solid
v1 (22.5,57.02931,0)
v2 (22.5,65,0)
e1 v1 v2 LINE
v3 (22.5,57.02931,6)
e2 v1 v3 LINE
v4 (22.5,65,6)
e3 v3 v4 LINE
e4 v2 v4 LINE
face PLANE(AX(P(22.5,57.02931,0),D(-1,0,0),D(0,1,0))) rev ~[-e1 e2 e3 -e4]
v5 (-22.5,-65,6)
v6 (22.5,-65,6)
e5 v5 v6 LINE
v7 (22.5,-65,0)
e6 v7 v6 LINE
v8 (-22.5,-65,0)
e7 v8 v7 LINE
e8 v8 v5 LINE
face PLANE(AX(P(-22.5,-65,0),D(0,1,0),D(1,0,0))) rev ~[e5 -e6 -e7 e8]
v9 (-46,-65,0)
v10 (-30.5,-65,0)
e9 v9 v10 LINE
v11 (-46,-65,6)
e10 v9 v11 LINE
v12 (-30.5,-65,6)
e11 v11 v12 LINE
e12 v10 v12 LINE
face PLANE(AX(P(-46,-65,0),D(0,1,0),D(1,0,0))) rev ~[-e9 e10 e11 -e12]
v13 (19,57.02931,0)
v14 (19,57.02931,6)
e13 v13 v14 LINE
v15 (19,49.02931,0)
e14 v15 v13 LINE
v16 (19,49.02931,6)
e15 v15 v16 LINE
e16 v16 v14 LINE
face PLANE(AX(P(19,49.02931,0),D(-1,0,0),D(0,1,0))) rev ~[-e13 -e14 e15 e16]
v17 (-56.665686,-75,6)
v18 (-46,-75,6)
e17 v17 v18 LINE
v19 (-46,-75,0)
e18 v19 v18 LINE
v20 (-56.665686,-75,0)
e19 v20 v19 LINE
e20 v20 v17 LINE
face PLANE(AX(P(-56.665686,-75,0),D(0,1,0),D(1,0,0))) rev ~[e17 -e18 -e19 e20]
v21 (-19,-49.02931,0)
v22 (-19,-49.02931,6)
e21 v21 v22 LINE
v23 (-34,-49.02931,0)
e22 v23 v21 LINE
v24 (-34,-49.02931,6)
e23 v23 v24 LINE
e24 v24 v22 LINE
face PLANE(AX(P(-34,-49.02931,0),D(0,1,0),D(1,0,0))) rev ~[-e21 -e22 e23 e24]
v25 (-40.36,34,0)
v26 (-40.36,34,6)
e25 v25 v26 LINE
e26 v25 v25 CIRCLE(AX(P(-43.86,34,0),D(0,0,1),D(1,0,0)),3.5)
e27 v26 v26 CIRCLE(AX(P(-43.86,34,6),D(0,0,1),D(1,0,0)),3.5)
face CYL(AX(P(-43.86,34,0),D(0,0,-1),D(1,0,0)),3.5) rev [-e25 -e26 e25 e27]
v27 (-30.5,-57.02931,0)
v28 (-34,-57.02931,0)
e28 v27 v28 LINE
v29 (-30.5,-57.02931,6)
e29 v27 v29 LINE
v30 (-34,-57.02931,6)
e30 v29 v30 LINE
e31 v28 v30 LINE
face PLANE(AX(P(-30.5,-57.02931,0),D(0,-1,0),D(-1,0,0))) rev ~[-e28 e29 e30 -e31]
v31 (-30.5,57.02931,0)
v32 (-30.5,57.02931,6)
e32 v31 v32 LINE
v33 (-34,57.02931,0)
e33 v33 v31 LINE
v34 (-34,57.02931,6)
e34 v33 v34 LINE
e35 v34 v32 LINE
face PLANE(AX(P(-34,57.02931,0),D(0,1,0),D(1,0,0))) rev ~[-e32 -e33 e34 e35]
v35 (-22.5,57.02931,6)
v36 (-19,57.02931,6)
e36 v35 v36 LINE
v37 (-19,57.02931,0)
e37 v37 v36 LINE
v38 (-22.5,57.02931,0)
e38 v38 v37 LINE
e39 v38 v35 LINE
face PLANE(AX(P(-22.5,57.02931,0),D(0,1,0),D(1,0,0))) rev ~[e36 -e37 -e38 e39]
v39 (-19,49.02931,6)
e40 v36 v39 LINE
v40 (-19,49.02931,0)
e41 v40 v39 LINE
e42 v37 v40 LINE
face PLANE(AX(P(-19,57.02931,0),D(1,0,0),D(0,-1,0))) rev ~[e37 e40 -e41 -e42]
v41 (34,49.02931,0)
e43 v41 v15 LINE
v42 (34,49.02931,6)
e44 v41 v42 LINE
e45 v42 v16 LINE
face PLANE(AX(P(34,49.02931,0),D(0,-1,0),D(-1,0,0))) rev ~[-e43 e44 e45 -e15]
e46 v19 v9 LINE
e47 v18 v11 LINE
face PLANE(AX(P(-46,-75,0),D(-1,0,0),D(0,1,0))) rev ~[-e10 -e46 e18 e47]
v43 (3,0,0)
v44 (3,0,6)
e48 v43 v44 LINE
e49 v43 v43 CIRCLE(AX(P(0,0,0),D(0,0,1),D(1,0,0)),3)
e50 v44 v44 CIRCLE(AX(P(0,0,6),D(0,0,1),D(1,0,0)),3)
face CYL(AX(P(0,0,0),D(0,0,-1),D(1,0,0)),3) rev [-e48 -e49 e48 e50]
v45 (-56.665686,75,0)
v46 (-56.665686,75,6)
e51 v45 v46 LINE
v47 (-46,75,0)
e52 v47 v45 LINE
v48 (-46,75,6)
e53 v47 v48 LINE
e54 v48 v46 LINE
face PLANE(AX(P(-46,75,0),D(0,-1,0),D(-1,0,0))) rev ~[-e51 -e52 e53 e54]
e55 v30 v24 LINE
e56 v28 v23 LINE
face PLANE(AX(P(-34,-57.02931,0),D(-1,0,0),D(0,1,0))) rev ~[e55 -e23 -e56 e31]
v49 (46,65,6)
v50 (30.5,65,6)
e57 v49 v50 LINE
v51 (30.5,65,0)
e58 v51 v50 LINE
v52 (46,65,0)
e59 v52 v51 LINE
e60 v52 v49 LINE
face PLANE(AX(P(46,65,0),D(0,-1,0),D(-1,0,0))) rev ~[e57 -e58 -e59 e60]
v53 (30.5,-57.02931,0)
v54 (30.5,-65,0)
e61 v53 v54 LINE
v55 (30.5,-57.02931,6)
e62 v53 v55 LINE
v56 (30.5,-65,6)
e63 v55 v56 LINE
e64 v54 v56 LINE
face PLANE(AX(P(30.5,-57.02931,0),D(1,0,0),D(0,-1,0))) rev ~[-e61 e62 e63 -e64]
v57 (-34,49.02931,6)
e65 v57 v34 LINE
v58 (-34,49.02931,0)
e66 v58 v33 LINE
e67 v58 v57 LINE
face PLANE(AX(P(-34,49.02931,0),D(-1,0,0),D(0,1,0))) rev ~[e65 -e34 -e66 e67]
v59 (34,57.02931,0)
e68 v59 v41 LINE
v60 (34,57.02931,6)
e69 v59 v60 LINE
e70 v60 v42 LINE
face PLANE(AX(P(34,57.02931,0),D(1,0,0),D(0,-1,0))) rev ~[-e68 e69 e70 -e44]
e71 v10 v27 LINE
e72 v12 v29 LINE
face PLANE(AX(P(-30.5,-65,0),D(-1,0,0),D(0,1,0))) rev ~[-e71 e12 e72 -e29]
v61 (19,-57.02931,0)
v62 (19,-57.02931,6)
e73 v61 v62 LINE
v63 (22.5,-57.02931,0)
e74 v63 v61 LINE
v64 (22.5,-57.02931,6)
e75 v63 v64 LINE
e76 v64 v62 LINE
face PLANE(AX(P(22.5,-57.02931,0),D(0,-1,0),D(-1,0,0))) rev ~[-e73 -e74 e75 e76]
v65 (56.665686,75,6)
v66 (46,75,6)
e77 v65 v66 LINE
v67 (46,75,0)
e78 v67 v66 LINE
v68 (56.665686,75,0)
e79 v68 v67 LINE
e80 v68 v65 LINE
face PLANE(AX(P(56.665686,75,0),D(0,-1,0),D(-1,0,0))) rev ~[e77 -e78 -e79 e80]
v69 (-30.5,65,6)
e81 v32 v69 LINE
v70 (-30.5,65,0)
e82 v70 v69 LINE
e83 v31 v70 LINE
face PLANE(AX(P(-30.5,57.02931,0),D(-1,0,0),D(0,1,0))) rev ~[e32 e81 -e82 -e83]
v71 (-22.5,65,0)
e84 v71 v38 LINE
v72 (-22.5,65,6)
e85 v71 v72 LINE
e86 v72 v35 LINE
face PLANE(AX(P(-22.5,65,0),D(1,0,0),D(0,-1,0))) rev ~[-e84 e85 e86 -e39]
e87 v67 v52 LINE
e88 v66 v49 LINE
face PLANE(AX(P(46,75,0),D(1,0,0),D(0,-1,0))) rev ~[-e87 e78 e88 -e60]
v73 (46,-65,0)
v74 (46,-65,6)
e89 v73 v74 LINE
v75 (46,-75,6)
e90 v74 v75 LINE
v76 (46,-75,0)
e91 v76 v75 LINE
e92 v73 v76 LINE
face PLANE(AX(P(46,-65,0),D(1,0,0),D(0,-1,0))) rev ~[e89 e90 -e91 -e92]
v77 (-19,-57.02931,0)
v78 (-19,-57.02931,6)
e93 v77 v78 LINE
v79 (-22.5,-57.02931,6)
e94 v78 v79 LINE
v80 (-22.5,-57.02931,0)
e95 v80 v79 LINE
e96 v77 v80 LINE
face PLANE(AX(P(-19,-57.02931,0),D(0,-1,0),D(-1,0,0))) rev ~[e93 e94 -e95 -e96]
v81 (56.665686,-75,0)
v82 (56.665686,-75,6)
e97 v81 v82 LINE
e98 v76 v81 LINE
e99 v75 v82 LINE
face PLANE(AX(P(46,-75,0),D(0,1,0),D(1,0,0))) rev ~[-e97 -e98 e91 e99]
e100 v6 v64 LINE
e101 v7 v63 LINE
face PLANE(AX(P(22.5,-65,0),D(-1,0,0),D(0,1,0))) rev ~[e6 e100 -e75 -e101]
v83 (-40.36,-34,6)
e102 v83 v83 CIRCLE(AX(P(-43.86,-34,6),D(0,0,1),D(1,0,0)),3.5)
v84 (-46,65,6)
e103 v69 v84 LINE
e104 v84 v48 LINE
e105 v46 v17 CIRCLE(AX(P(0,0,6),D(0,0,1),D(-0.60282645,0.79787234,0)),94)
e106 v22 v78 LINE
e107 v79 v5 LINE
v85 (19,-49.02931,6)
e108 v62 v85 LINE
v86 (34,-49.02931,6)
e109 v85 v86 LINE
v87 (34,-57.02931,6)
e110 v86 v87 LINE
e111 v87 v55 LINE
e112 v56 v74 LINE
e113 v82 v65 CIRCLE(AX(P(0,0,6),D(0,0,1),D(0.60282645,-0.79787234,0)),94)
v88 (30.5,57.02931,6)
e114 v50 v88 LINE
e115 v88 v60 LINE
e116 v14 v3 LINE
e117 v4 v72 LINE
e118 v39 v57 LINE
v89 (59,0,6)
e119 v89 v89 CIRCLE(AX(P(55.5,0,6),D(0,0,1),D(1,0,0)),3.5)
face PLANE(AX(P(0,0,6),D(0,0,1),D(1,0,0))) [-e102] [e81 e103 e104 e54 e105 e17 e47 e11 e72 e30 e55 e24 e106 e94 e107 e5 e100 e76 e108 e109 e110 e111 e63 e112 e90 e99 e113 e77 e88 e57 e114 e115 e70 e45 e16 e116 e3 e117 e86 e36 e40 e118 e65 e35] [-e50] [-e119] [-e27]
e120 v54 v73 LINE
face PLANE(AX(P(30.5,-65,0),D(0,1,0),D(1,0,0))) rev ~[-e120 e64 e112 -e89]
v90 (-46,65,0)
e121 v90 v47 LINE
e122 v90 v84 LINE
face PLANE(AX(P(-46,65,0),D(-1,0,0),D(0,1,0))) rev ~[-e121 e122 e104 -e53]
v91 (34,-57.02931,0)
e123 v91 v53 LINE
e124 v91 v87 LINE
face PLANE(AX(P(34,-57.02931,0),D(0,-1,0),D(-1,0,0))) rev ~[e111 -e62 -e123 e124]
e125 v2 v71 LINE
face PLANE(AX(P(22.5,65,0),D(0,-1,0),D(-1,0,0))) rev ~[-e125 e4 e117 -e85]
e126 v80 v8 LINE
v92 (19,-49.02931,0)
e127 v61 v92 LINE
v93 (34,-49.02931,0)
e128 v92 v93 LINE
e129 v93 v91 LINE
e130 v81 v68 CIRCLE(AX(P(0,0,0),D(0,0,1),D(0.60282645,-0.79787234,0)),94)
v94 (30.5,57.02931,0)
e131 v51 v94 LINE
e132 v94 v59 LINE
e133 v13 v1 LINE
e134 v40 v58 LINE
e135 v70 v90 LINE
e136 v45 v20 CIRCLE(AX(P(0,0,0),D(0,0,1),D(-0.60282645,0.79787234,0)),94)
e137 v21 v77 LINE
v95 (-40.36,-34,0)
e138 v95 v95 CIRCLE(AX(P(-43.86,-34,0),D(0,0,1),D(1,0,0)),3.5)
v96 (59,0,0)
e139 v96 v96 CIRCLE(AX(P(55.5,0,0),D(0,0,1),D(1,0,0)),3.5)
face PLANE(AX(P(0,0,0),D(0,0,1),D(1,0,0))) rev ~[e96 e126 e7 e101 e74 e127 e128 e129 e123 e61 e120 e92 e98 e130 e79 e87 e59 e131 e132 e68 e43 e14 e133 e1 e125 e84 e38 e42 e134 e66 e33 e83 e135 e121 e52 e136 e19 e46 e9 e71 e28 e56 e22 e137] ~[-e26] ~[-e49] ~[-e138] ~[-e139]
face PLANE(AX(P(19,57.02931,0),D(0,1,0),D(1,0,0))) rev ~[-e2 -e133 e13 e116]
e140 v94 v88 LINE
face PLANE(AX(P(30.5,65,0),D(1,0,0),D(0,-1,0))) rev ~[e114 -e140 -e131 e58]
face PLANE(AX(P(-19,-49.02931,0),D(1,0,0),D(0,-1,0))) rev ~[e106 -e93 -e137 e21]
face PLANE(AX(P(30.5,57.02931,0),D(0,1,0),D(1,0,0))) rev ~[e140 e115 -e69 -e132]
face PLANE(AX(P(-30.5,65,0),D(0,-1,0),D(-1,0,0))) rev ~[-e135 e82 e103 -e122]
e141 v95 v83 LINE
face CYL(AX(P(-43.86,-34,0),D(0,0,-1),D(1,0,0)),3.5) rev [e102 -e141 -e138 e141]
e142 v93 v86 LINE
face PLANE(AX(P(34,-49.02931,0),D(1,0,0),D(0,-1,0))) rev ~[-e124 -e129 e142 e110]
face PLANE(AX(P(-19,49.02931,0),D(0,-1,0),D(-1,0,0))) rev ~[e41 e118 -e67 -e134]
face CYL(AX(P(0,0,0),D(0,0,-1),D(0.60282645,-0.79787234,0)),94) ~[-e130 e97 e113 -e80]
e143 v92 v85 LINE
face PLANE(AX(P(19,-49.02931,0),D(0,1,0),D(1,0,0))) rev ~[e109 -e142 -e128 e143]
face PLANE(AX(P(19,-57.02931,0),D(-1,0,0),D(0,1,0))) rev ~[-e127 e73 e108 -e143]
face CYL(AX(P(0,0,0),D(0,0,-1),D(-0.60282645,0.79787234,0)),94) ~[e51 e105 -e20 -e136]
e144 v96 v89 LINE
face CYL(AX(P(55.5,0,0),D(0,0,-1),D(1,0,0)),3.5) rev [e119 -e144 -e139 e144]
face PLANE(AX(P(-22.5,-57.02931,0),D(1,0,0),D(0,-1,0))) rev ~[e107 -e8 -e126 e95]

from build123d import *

# Parameters (mm, degrees)
SKETCH8_R           = 3.5
SKETCH8_R_2         = 3
BOSS_EXTRUDE3_DEPTH = 6


with BuildPart() as part:
    # Sketch8 → Boss-Extrude3 (new body)
    with BuildSketch(Plane.XY):
        with BuildLine():
            Line((-56.665686266, -75), (-46, -75))
            Line((-46, -75), (-46, -65))
            Line((-46, -65), (-30.5, -65))
            Line((-30.5, -65), (-30.5, -57.029309822))
            Line((-30.5, -57.029309822), (-34, -57.029309822))
            Line((-34, -57.029309822), (-34, -49.029309822))
            Line((-34, -49.029309822), (-19, -49.029309822))
            Line((-19, -49.029309822), (-19, -57.029309822))
            Line((-19, -57.029309822), (-22.5, -57.029309822))
            Line((-22.5, -57.029309822), (-22.5, -65))
            Line((-22.5, -65), (22.5, -65))
            Line((22.5, -65), (22.5, -57.029309822))
            Line((22.5, -57.029309822), (19, -57.029309822))
            Line((19, -57.029309822), (19, -49.029309822))
            Line((19, -49.029309822), (34, -49.029309822))
            Line((34, -49.029309822), (34, -57.029309822))
            Line((34, -57.029309822), (30.5, -57.029309822))
            Line((30.5, -57.029309822), (30.5, -65))
            Line((30.5, -65), (46, -65))
            Line((46, -65), (46, -75))
            Line((46, -75), (56.665686266, -75))
            ThreePointArc((56.665686266, -75), (94, 0), (56.665686266, 75))
            Line((56.665686266, 75), (46, 75))
            Line((46, 75), (46, 65))
            Line((46, 65), (30.5, 65))
            Line((30.5, 65), (30.5, 57.029309822))
            Line((30.5, 57.029309822), (34, 57.029309822))
            Line((34, 57.029309822), (34, 49.029309822))
            Line((34, 49.029309822), (19, 49.029309822))
            Line((19, 49.029309822), (19, 57.029309822))
            Line((19, 57.029309822), (22.5, 57.029309822))
            Line((22.5, 57.029309822), (22.5, 65))
            Line((22.5, 65), (-22.5, 65))
            Line((-22.5, 65), (-22.5, 57.029309822))
            Line((-22.5, 57.029309822), (-19, 57.029309822))
            Line((-19, 57.029309822), (-19, 49.029309822))
            Line((-19, 49.029309822), (-34, 49.029309822))
            Line((-34, 49.029309822), (-34, 57.029309822))
            Line((-34, 57.029309822), (-30.5, 57.029309822))
            Line((-30.5, 57.029309822), (-30.5, 65))
            Line((-30.5, 65), (-46, 65))
            Line((-46, 65), (-46, 75))
            Line((-46, 75), (-56.665686266, 75))
            ThreePointArc((-56.665686266, 75), (-94, 0), (-56.665686266, -75))
        make_face()
        with Locations((-43.86, 34)):
            Circle(SKETCH8_R, mode=Mode.SUBTRACT)
        with Locations((55.5, 0)):
            Circle(SKETCH8_R, mode=Mode.SUBTRACT)
        with Locations((-43.86, -34)):
            Circle(SKETCH8_R, mode=Mode.SUBTRACT)
        Circle(SKETCH8_R_2, mode=Mode.SUBTRACT)
    extrude(amount=BOSS_EXTRUDE3_DEPTH)


solid = part.part
